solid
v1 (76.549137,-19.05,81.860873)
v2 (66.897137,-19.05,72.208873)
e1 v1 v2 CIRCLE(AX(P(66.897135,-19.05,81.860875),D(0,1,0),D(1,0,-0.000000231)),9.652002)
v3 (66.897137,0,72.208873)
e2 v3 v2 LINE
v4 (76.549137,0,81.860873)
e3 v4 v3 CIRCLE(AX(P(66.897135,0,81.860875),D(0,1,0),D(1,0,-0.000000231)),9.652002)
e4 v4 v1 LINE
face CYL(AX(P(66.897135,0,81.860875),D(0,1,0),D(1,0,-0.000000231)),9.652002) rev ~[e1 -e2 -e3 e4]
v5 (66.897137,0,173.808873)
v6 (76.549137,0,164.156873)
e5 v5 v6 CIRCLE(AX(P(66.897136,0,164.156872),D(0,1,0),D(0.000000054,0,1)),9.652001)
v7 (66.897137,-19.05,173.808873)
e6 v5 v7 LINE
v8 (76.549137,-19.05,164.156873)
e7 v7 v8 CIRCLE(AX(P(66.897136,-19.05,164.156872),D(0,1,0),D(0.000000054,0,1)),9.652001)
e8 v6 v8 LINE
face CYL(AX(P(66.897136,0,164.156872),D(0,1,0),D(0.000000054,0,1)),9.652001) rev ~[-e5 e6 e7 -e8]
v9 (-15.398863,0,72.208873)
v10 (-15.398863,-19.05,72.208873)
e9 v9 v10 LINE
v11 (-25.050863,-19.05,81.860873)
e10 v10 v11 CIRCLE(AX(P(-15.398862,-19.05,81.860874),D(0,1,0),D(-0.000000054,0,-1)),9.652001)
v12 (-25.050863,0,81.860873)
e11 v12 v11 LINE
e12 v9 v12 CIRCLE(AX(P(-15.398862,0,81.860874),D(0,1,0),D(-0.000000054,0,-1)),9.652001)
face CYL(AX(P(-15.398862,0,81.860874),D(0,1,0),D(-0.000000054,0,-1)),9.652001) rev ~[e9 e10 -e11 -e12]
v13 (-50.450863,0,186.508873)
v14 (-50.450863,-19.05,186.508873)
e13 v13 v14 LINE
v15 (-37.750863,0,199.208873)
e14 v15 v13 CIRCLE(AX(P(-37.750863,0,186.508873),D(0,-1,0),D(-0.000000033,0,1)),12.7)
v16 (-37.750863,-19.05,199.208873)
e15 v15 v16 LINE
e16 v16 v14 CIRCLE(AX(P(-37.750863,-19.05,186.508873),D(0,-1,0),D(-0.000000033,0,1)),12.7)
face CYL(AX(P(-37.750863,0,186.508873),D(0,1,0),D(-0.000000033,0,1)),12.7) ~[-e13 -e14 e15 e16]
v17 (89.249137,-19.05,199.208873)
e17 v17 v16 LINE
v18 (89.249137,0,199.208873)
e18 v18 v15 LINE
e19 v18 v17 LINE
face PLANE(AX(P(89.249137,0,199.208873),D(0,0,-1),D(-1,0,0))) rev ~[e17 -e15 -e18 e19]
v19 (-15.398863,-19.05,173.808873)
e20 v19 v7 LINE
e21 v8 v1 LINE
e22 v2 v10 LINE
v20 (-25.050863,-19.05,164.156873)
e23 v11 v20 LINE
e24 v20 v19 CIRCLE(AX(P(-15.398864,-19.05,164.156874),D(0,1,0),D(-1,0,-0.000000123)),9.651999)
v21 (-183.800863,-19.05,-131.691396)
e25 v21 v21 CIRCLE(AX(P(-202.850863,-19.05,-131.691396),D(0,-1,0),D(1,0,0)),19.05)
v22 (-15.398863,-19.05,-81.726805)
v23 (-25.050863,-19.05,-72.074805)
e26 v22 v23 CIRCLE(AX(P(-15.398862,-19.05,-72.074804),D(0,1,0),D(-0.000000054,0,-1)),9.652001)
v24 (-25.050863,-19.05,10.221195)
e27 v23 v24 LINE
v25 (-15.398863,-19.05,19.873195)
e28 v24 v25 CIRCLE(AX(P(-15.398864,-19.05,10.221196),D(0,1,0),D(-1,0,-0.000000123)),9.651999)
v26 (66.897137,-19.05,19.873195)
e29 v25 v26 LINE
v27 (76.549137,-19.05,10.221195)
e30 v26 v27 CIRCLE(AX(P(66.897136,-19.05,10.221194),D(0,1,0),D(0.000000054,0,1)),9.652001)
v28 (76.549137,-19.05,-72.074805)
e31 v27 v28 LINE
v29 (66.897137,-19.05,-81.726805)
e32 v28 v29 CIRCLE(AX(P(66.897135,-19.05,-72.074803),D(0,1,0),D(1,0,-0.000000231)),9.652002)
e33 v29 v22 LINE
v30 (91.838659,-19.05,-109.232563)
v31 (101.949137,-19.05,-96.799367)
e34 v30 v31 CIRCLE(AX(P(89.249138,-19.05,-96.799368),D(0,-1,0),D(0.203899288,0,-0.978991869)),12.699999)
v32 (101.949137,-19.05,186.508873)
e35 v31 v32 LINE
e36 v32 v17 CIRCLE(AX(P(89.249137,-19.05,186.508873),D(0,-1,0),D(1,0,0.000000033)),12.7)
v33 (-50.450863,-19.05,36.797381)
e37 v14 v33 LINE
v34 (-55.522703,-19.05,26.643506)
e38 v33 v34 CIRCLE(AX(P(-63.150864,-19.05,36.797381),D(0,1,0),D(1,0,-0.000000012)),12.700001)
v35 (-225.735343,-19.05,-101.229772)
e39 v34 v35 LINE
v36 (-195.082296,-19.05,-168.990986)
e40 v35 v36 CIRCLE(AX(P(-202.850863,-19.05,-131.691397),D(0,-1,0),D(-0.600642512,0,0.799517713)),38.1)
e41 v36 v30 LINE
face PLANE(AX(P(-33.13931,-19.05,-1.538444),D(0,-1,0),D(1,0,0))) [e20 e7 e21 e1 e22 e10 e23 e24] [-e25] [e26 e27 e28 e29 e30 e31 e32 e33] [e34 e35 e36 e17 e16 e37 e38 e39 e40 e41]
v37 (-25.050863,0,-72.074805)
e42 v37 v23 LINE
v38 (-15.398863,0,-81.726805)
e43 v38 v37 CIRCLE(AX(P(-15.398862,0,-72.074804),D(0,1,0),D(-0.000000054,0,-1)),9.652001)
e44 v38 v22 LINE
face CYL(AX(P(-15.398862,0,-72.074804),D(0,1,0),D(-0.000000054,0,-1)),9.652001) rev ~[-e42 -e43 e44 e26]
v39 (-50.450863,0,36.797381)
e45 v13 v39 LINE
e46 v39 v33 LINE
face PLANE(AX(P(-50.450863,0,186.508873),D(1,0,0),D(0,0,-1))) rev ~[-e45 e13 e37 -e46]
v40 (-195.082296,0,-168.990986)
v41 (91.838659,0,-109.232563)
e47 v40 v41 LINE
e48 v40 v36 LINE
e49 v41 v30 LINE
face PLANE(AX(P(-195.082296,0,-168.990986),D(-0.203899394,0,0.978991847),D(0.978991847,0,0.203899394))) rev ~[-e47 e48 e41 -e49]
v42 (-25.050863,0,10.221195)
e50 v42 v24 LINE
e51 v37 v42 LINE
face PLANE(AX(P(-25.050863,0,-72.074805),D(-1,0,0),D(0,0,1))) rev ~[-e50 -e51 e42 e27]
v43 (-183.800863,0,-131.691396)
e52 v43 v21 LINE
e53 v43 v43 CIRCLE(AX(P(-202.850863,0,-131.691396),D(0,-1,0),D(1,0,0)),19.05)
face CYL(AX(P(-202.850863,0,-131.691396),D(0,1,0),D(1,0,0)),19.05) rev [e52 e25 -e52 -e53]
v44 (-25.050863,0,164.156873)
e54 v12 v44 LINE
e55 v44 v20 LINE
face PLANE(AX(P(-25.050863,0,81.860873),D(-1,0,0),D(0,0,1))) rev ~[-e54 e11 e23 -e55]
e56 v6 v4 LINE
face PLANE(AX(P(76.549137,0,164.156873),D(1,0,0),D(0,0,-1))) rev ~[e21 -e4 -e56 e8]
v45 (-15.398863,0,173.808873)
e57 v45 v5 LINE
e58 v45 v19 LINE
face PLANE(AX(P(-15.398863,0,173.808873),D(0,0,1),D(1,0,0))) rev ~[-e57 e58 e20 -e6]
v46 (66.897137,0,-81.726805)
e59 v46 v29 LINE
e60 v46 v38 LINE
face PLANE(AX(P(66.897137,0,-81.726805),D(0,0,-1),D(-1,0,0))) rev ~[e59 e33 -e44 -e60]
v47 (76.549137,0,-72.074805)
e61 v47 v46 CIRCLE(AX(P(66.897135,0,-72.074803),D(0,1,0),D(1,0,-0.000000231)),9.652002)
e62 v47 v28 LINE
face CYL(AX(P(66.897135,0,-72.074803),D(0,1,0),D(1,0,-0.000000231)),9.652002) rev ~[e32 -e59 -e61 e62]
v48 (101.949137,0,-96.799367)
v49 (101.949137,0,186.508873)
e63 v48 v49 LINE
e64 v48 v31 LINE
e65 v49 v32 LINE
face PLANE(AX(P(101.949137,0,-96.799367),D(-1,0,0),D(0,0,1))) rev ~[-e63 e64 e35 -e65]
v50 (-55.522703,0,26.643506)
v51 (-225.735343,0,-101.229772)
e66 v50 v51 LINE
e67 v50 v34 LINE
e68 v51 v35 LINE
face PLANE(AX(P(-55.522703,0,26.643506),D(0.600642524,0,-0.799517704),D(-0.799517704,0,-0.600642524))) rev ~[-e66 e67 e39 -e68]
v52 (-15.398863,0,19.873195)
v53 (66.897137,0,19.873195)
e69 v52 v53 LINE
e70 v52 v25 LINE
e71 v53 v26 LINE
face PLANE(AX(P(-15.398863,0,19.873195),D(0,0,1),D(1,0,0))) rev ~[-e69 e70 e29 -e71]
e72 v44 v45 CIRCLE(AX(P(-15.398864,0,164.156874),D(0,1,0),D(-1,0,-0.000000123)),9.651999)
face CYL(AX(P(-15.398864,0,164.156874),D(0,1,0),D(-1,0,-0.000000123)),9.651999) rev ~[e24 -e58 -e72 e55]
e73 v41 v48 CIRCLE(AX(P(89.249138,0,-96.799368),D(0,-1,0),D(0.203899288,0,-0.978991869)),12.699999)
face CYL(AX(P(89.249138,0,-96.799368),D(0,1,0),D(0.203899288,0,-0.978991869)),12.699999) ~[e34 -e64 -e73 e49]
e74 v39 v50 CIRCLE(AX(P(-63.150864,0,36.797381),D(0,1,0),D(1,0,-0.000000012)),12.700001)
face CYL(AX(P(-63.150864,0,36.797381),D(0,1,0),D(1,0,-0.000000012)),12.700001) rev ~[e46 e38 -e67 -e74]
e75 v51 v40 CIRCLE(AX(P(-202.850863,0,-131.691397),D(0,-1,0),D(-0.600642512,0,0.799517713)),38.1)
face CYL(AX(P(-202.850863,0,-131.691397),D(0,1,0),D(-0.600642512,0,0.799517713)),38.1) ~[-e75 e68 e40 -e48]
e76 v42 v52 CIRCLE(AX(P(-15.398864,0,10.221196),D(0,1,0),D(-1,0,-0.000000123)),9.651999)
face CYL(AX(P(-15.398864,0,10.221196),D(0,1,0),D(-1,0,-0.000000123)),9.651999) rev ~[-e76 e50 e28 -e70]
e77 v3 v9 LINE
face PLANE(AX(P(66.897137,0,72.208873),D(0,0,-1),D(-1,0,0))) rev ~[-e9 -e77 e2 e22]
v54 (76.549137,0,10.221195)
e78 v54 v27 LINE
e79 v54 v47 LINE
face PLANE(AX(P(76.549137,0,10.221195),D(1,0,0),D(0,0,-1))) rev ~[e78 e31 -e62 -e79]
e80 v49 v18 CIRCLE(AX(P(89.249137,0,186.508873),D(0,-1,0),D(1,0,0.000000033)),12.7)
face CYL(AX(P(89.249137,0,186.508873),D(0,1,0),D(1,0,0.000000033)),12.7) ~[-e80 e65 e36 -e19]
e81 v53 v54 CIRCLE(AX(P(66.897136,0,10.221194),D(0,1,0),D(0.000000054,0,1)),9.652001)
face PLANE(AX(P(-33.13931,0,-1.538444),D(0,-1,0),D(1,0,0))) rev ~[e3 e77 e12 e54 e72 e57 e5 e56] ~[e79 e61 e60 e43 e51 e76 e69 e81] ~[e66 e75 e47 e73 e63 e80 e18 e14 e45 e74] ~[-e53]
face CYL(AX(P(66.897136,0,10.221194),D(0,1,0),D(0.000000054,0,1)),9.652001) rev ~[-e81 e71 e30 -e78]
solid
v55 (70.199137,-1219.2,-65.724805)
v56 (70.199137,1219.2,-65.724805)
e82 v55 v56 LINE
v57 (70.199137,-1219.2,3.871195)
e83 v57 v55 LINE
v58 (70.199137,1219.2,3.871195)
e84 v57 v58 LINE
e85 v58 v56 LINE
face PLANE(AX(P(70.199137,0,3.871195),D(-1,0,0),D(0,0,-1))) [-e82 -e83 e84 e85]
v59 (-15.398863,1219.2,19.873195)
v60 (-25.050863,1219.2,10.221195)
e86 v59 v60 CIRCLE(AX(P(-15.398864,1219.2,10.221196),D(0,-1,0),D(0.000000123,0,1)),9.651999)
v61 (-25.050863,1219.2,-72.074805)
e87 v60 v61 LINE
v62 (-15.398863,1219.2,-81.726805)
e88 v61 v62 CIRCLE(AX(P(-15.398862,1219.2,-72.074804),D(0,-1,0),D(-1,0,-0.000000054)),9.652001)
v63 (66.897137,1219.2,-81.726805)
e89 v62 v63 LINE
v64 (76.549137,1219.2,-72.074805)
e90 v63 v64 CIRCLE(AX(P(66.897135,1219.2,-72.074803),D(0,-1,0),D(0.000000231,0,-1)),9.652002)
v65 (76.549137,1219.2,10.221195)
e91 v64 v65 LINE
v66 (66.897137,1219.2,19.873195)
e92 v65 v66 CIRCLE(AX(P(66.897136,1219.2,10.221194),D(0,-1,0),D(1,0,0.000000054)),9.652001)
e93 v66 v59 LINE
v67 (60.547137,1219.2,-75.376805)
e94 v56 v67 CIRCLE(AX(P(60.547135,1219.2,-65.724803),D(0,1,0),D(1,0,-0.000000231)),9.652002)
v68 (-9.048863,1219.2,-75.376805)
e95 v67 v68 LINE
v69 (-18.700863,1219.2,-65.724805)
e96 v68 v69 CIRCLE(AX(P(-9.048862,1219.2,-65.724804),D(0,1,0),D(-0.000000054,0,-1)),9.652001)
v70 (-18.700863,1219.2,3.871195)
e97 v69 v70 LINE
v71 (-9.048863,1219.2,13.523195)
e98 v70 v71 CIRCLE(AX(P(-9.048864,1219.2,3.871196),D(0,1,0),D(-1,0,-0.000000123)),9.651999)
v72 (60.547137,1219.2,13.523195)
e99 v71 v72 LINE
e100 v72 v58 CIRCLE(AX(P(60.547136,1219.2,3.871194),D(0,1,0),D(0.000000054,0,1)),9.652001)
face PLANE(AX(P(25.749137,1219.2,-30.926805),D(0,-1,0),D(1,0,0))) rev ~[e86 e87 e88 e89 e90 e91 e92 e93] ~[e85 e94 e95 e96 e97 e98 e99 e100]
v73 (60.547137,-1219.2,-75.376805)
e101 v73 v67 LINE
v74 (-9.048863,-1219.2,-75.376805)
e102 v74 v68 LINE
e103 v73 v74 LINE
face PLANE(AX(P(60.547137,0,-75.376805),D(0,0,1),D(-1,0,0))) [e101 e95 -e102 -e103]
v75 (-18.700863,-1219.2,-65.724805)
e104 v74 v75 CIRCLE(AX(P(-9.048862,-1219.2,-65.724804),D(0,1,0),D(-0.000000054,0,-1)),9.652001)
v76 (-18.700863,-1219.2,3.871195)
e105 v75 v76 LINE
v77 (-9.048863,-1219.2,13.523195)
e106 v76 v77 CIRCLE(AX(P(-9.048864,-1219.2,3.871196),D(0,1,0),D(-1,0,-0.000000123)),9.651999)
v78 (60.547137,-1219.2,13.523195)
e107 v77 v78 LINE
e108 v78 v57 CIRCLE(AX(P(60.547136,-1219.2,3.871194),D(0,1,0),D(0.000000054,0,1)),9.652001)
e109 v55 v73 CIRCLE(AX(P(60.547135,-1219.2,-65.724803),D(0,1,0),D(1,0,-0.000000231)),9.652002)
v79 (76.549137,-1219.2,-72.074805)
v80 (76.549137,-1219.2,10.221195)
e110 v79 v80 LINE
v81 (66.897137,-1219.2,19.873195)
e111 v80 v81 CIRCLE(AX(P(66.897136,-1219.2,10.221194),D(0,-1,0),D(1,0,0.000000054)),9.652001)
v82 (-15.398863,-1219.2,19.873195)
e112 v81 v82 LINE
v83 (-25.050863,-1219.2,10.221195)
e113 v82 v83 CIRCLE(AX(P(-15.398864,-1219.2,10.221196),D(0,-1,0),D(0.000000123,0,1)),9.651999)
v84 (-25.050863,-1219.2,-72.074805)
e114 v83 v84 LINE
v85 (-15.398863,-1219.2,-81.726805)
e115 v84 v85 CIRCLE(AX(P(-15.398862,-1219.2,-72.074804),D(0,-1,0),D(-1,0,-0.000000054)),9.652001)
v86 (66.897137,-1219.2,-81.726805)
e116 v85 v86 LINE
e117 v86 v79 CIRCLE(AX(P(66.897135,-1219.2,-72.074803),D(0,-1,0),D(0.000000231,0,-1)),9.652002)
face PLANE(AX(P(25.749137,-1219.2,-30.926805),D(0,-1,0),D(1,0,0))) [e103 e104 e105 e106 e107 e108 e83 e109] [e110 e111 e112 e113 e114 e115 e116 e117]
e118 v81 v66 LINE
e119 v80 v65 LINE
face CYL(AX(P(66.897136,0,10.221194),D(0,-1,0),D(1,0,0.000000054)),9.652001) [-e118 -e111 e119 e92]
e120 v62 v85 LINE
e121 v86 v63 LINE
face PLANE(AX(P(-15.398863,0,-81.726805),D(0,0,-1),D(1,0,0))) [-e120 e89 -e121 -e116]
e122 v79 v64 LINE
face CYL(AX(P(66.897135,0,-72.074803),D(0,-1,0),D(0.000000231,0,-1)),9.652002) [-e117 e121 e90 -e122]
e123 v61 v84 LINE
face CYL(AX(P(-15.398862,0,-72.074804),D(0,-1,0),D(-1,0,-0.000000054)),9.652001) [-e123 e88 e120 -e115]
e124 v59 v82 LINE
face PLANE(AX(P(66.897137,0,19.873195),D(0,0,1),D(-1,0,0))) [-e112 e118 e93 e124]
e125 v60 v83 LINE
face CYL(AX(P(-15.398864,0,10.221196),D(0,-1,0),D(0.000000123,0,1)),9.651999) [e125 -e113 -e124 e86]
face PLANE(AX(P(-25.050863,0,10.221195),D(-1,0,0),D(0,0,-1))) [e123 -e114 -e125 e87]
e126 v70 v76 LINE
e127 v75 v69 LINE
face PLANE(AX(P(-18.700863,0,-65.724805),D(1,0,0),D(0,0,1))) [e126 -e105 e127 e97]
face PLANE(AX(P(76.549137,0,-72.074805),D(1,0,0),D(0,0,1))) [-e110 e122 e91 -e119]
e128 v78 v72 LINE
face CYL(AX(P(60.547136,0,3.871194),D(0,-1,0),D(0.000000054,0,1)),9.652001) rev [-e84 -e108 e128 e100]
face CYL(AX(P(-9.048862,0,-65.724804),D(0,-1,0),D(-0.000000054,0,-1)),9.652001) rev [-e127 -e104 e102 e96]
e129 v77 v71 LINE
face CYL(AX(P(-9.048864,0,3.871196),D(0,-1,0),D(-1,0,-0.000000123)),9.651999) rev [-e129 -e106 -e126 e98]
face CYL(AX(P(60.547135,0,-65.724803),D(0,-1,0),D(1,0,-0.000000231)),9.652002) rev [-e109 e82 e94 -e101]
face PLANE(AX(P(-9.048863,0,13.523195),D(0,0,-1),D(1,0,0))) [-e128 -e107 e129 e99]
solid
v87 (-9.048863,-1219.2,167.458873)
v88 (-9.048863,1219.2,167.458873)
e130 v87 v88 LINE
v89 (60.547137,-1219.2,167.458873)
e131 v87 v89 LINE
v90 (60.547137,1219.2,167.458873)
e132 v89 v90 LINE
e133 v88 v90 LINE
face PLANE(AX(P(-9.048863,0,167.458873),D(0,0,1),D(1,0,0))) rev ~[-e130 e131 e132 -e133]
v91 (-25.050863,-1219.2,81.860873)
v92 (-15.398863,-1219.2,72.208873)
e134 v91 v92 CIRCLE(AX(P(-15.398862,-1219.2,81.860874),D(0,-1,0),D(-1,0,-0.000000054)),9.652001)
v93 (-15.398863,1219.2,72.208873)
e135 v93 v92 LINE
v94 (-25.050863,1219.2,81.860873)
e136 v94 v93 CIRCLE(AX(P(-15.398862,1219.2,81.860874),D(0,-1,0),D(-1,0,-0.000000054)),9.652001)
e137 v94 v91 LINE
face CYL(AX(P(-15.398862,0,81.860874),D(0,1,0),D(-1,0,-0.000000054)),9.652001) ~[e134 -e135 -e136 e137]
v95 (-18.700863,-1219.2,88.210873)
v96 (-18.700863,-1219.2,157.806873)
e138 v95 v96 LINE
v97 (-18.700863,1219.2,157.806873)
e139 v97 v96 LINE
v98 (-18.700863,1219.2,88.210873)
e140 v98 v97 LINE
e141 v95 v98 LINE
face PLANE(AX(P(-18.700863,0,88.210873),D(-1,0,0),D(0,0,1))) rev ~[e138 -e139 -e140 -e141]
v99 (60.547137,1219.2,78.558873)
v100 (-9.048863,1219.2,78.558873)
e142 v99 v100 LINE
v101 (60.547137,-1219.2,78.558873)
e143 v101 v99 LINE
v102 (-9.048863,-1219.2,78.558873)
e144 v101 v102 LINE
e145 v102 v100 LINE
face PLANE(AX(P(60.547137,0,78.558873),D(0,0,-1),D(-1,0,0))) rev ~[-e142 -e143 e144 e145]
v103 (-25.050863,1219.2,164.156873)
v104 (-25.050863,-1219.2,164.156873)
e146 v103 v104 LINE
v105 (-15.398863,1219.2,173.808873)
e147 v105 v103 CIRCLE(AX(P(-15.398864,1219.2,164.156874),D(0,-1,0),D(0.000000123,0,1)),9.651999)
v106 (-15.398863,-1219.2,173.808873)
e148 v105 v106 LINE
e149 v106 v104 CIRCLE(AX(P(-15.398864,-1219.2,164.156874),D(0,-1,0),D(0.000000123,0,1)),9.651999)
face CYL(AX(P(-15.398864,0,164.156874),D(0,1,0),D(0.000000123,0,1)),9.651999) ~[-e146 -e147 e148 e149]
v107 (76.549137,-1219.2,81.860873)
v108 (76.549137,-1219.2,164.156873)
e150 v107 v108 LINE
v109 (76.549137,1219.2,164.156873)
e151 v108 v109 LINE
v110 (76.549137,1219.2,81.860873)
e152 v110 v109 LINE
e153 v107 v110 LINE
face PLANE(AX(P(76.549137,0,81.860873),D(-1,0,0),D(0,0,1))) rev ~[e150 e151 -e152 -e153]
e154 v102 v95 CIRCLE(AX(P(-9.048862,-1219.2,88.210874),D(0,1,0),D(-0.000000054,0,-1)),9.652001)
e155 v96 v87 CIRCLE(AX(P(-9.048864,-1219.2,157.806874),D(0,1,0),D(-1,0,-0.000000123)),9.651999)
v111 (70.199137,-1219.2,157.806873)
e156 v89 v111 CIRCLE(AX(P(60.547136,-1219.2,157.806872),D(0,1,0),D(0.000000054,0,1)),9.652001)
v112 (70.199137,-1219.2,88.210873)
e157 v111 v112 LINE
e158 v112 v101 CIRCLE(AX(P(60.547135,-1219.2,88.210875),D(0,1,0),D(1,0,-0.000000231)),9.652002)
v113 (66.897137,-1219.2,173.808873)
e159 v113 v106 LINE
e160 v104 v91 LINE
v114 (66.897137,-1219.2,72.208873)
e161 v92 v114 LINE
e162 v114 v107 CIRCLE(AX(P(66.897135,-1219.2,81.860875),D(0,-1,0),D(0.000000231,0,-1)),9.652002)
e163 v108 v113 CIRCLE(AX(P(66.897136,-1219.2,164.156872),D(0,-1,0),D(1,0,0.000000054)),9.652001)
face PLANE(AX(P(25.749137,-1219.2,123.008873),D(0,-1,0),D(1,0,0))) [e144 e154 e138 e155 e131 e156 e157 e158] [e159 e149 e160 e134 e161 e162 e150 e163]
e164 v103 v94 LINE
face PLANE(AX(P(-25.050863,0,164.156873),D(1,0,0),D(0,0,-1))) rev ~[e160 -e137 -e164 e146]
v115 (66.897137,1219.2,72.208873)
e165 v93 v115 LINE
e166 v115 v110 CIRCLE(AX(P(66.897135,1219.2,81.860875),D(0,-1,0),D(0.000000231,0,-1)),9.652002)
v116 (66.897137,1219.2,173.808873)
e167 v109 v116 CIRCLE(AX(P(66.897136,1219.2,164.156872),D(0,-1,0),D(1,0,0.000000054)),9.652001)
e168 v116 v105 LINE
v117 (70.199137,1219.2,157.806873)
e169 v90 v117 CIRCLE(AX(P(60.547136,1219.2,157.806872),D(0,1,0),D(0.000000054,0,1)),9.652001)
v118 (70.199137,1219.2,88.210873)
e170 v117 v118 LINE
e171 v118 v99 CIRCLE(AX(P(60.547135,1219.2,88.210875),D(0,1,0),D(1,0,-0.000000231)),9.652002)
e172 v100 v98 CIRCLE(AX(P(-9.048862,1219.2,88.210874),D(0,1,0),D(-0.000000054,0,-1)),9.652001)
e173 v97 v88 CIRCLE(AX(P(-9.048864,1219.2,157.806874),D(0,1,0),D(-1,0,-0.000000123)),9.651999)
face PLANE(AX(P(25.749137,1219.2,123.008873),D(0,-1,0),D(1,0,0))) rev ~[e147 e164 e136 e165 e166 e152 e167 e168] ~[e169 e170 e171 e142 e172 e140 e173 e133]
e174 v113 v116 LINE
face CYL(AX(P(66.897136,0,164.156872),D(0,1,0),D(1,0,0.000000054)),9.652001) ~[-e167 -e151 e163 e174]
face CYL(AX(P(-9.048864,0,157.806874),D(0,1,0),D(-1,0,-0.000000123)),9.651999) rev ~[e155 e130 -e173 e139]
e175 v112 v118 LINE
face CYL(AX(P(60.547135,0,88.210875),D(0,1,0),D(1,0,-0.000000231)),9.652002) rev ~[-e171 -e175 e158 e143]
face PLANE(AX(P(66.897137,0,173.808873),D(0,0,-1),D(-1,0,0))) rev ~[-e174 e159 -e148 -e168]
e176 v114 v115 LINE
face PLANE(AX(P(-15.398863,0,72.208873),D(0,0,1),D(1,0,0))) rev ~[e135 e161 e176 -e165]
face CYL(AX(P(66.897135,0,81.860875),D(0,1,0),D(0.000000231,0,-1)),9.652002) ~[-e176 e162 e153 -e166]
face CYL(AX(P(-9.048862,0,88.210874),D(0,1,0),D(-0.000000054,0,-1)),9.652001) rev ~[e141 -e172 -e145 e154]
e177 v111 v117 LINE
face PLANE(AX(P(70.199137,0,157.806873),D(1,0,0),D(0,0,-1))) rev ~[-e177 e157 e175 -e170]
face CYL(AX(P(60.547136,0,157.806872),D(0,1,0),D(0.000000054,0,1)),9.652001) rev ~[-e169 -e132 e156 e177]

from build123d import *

# Parameters (mm, degrees)
F1_DEPTH = 1219.2
F0_R     = 19.05
F2_DEPTH = 19.05


with BuildPart() as f1:
    # F0 (on Front) → F1 (new body, symmetric)
    with BuildSketch(Plane.XZ):
        with BuildLine():
            Line((66.897137, 173.808873), (-15.398863, 173.808873))
            ThreePointArc((-15.398863, 173.808873), (-22.223858, 170.981868), (-25.050863, 164.156873))
            Line((-25.050863, 164.156873), (-25.050863, 81.860873))
            ThreePointArc((-25.050863, 81.860873), (-22.223858, 75.035879), (-15.398863, 72.208873))
            Line((-15.398863, 72.208873), (66.897137, 72.208873))
            ThreePointArc((66.897137, 72.208873), (73.722131, 75.035879), (76.549137, 81.860873))
            Line((76.549137, 81.860873), (76.549137, 164.156873))
            ThreePointArc((76.549137, 164.156873), (73.722131, 170.981868), (66.897137, 173.808873))
        make_face()
        with BuildLine():
            ThreePointArc((-18.700863, 157.806873), (-15.873858, 164.631868), (-9.048863, 167.458873))
            Line((-9.048863, 167.458873), (60.547137, 167.458873))
            ThreePointArc((60.547137, 167.458873), (67.372131, 164.631868), (70.199137, 157.806873))
            Line((70.199137, 157.806873), (70.199137, 88.210873))
            ThreePointArc((70.199137, 88.210873), (67.372131, 81.385879), (60.547137, 78.558873))
            Line((60.547137, 78.558873), (-9.048863, 78.558873))
            ThreePointArc((-9.048863, 78.558873), (-15.873858, 81.385879), (-18.700863, 88.210873))
            Line((-18.700863, 88.210873), (-18.700863, 157.806873))
        make_face(mode=Mode.SUBTRACT)
        with BuildLine():
            Line((66.897137, 19.873195), (-15.398863, 19.873195))
            ThreePointArc((-15.398863, 19.873195), (-22.223858, 17.04619), (-25.050863, 10.221195))
            Line((-25.050863, 10.221195), (-25.050863, -72.074805))
            ThreePointArc((-25.050863, -72.074805), (-22.223858, -78.899799), (-15.398863, -81.726805))
            Line((-15.398863, -81.726805), (66.897137, -81.726805))
            ThreePointArc((66.897137, -81.726805), (73.722131, -78.899799), (76.549137, -72.074805))
            Line((76.549137, -72.074805), (76.549137, 10.221195))
            ThreePointArc((76.549137, 10.221195), (73.722131, 17.04619), (66.897137, 19.873195))
        make_face()
        with BuildLine():
            ThreePointArc((-18.700863, 3.871195), (-15.873858, 10.69619), (-9.048863, 13.523195))
            Line((-9.048863, 13.523195), (60.547137, 13.523195))
            ThreePointArc((60.547137, 13.523195), (67.372131, 10.69619), (70.199137, 3.871195))
            Line((70.199137, 3.871195), (70.199137, -65.724805))
            ThreePointArc((70.199137, -65.724805), (67.372131, -72.549799), (60.547137, -75.376805))
            Line((60.547137, -75.376805), (-9.048863, -75.376805))
            ThreePointArc((-9.048863, -75.376805), (-15.873858, -72.549799), (-18.700863, -65.724805))
            Line((-18.700863, -65.724805), (-18.700863, 3.871195))
        make_face(mode=Mode.SUBTRACT)
    extrude(amount=F1_DEPTH, both=True)


with BuildPart() as f2:
    # F0 (on Front) → F2 (new body)
    with BuildSketch(Plane.XZ):
        with BuildLine():
            Line((89.249137, 199.208873), (-37.750863, 199.208873))
            ThreePointArc((-37.750863, 199.208873), (-46.731119, 195.489129), (-50.450863, 186.508873))
            Line((-50.450863, 186.508873), (-50.450863, 36.797381))
            ThreePointArc((-50.450863, 36.797381), (-51.789357, 31.122332), (-55.522703, 26.643506))
            Line((-55.522703, 26.643506), (-225.735343, -101.229772))
            ThreePointArc((-225.735343, -101.229772), (-237.564236, -147.394637), (-195.082296, -168.990986))
            Line((-195.082296, -168.990986), (91.838659, -109.232563))
            ThreePointArc((91.838659, -109.232563), (99.102485, -104.811953), (101.949137, -96.799367))
            Line((101.949137, -96.799367), (101.949137, 186.508873))
            ThreePointArc((101.949137, 186.508873), (98.229393, 195.489129), (89.249137, 199.208873))
        make_face()
        with Locations((-202.850863, -131.691396)):
            Circle(F0_R, mode=Mode.SUBTRACT)
        with BuildLine():
            ThreePointArc((-25.050863, 10.221195), (-22.223858, 17.04619), (-15.398863, 19.873195))
            Line((-15.398863, 19.873195), (66.897137, 19.873195))
            ThreePointArc((66.897137, 19.873195), (73.722131, 17.04619), (76.549137, 10.221195))
            Line((76.549137, 10.221195), (76.549137, -72.074805))
            ThreePointArc((76.549137, -72.074805), (73.722131, -78.899799), (66.897137, -81.726805))
            Line((66.897137, -81.726805), (-15.398863, -81.726805))
            ThreePointArc((-15.398863, -81.726805), (-22.223858, -78.899799), (-25.050863, -72.074805))
            Line((-25.050863, -72.074805), (-25.050863, 10.221195))
        make_face(mode=Mode.SUBTRACT)
        with BuildLine():
            ThreePointArc((-25.050863, 164.156873), (-22.223858, 170.981868), (-15.398863, 173.808873))
            Line((-15.398863, 173.808873), (66.897137, 173.808873))
            ThreePointArc((66.897137, 173.808873), (73.722131, 170.981868), (76.549137, 164.156873))
            Line((76.549137, 164.156873), (76.549137, 81.860873))
            ThreePointArc((76.549137, 81.860873), (73.722131, 75.035879), (66.897137, 72.208873))
            Line((66.897137, 72.208873), (-15.398863, 72.208873))
            ThreePointArc((-15.398863, 72.208873), (-22.223858, 75.035879), (-25.050863, 81.860873))
            Line((-25.050863, 81.860873), (-25.050863, 164.156873))
        make_face(mode=Mode.SUBTRACT)
    extrude(amount=F2_DEPTH)


solid = Compound([f1.part, f2.part])
